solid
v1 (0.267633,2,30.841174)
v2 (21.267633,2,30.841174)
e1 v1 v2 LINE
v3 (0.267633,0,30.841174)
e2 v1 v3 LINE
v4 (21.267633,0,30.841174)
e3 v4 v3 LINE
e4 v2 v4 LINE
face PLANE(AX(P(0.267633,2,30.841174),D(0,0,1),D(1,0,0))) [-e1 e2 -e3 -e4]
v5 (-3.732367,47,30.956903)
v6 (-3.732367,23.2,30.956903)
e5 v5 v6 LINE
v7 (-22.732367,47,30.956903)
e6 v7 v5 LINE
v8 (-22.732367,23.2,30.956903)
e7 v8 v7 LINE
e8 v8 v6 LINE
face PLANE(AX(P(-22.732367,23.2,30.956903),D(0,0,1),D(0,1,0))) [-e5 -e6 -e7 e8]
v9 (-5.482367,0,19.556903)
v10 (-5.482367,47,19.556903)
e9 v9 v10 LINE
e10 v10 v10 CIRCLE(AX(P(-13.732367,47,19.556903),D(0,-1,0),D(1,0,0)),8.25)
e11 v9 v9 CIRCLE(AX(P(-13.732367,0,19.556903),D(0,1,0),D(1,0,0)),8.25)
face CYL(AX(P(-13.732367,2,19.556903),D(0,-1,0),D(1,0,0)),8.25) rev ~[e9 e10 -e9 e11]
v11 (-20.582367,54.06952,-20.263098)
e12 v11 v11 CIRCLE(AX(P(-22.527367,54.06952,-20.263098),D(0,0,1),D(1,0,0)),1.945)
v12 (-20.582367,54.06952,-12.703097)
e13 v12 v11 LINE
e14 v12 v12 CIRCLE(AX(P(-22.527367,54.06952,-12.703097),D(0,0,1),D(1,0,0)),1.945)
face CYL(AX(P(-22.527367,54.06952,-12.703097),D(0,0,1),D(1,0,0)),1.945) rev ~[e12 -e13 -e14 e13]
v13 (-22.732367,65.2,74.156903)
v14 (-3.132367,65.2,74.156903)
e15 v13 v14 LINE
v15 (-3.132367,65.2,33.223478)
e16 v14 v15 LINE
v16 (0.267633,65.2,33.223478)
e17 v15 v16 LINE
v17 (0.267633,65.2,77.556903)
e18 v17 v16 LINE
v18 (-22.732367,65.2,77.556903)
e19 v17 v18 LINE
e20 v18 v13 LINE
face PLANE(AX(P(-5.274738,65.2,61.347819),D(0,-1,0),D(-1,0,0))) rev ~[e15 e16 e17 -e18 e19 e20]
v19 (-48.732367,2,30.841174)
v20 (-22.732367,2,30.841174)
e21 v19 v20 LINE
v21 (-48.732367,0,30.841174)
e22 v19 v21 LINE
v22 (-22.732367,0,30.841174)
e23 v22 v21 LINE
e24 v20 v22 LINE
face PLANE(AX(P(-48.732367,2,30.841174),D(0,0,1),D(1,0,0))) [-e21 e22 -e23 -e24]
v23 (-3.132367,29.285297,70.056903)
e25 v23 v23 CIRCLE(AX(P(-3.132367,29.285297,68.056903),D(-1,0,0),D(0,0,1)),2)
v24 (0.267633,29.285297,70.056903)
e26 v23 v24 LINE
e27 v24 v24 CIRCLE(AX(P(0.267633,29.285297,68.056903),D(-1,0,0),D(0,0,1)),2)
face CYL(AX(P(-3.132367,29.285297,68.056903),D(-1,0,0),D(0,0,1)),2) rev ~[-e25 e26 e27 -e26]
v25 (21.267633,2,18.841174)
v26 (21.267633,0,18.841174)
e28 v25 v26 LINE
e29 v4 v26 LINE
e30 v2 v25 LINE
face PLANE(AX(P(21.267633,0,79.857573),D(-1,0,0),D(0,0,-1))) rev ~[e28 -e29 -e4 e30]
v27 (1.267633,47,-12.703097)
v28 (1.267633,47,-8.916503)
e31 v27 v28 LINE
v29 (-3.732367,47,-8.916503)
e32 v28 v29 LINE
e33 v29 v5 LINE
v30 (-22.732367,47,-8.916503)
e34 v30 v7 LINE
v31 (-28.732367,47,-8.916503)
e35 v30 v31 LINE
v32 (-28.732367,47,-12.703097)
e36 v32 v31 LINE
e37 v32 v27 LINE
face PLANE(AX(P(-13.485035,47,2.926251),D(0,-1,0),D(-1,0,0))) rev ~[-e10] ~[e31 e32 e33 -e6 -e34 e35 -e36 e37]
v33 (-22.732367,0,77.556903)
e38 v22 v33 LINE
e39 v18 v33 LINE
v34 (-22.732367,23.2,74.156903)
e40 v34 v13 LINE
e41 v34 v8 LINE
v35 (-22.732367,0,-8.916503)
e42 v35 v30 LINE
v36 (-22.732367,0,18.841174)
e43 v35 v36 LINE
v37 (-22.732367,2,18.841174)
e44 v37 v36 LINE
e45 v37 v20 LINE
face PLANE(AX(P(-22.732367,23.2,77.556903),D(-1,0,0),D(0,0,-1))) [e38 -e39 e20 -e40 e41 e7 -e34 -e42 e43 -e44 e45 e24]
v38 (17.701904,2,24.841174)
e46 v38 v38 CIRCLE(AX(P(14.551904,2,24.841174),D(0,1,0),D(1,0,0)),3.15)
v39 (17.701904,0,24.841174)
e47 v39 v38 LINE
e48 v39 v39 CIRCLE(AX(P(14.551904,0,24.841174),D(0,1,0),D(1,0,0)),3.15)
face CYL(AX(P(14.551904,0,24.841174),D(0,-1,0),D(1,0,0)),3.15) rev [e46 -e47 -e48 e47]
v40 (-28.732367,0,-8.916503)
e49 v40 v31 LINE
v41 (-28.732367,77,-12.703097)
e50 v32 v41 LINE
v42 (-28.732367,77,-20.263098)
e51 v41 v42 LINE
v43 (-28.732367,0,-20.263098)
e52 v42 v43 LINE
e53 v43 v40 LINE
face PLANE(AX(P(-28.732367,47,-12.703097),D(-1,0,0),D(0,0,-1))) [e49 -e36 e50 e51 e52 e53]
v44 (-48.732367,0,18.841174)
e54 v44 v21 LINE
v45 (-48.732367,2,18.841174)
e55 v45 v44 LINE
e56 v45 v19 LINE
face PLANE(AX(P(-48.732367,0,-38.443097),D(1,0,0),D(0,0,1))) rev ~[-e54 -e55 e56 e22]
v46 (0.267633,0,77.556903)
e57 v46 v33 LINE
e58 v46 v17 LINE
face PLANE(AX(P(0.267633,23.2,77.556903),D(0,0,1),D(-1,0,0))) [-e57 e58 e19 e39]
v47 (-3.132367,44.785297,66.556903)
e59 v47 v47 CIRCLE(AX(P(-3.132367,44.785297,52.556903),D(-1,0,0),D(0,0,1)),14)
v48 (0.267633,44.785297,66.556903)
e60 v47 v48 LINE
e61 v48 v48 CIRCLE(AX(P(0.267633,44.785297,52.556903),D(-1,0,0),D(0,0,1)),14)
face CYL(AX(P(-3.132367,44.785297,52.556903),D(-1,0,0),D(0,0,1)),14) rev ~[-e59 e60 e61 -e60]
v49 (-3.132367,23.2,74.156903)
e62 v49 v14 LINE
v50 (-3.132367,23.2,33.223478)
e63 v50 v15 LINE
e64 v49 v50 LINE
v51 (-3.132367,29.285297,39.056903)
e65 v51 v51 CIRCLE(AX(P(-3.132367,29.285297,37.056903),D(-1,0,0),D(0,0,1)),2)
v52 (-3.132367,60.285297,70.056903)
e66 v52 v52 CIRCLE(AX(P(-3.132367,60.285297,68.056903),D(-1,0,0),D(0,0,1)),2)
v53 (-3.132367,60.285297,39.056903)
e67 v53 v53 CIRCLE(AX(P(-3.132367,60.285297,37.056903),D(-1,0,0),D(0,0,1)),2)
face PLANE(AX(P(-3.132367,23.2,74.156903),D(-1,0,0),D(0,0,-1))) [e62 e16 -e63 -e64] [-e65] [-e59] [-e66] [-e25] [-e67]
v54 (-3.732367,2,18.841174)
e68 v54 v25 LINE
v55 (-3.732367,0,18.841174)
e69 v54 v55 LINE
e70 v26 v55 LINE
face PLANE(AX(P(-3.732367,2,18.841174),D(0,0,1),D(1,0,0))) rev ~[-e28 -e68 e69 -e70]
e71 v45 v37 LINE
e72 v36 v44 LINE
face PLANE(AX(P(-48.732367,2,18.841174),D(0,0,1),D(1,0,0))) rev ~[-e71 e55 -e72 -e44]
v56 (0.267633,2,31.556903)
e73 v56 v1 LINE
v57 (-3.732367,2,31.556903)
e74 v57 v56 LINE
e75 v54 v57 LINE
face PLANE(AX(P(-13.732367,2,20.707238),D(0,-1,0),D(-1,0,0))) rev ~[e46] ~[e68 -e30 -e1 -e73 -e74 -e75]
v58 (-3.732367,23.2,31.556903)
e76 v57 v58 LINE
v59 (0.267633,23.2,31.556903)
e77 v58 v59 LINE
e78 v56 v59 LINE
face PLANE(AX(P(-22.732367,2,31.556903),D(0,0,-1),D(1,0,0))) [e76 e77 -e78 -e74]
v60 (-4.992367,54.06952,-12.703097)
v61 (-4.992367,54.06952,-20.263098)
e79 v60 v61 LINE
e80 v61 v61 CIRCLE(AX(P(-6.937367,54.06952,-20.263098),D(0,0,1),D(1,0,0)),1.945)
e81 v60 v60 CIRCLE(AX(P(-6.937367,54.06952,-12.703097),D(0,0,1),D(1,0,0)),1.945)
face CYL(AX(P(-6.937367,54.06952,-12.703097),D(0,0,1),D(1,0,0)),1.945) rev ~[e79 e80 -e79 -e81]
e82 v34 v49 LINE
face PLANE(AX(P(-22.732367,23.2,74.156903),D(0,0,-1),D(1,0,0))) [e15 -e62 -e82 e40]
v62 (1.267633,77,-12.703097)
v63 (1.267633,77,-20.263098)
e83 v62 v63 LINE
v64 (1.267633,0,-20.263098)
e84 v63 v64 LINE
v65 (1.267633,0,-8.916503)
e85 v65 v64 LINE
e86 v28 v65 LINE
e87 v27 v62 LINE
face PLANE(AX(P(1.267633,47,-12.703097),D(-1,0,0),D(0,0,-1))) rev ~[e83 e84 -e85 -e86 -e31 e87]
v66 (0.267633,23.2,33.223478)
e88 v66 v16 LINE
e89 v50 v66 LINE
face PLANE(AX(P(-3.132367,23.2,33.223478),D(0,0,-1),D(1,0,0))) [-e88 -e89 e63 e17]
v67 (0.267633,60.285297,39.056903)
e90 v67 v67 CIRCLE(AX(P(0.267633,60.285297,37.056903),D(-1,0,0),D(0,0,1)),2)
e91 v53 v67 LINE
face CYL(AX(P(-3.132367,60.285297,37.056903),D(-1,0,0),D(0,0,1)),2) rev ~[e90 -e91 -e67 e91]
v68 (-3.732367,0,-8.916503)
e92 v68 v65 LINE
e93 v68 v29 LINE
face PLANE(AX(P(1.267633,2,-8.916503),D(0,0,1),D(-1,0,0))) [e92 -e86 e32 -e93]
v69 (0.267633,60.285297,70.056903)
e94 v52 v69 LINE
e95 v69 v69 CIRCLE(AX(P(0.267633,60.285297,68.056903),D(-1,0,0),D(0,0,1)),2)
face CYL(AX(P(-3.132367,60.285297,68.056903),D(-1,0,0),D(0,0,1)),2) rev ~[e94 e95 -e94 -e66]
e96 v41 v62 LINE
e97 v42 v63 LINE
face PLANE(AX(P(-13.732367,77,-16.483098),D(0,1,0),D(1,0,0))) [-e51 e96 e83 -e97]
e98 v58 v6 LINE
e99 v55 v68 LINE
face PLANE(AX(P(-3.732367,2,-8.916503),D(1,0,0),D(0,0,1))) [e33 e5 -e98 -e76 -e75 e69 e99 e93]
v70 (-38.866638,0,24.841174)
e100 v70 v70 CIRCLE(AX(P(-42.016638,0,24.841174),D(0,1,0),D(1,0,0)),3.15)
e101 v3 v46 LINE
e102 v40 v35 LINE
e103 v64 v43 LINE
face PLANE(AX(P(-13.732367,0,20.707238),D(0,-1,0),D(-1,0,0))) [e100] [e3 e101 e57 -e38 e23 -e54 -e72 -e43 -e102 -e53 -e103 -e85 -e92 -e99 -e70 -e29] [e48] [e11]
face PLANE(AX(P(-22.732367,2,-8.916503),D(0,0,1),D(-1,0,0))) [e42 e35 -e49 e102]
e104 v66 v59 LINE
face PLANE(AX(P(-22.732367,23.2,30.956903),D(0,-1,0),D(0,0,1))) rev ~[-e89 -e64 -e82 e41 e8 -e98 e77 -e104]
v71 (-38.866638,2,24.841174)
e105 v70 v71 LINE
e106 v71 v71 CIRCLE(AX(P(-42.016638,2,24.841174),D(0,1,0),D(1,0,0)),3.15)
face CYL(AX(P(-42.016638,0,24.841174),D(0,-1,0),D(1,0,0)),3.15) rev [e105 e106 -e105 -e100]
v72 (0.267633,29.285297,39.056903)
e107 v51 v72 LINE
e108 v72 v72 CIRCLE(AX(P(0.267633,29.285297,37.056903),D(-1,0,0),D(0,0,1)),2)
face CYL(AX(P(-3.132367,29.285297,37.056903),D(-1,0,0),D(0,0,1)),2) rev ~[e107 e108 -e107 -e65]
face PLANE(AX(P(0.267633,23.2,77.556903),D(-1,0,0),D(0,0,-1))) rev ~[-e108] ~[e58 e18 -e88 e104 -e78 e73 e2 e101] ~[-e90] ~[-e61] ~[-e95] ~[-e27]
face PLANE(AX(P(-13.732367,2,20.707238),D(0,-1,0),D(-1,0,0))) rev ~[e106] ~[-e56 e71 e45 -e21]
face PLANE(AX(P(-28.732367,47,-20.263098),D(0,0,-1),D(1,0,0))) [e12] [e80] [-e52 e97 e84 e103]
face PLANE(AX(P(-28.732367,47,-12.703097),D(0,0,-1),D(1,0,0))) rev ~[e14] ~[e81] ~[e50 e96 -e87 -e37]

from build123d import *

# Parameters (mm, degrees)
SKETCH1_R           = 3.15
SKETCH1_R_2         = 8.25
BOSS_EXTRUDE1_DEPTH = 2
BOSS_EXTRUDE2_DEPTH = 45
SKETCH3_R           = 8.25
CUT_EXTRUDE1_DEPTH  = 104.812694214
SKETCH4_W           = 30
SKETCH4_H           = 7.560001502
BOSS_EXTRUDE3_DEPTH = 30
SKETCH5_R           = 1.945
CUT_EXTRUDE2_DEPTH  = 130.889649736
CUT_EXTRUDE3_DEPTH  = 120.90444312
SKETCH10_W          = 23
SKETCH10_H          = 46
BOSS_EXTRUDE4_DEPTH = 21.2
SKETCH11_W          = 22.207892016
SKETCH11_H          = 46.715728752
CUT_EXTRUDE4_DEPTH  = 119.384613888
SKETCH12_W          = 0.6
SKETCH12_H          = 23.8
CUT_EXTRUDE5_DEPTH  = 118.813722566
BOSS_EXTRUDE5_DEPTH = 42
SKETCH14_R          = 14
CUT_EXTRUDE6_DEPTH  = 119.420577709
SKETCH15_R          = 2
CUT_EXTRUDE7_DEPTH  = 119.420577709


with BuildPart() as part:
    # Sketch1 → Boss-Extrude1 (new body)
    with BuildSketch(Plane(origin=(0, 0, 0), x_dir=(1, 0, 0), z_dir=(0, 1, 0))):
        Polygon((-48.732366868, 38.443096859), (21.267633132, 38.443096859), (21.267633132, -31.556903141), (21.267633132, -79.857572586), (-48.732366868, -79.857572586), (-48.732366868, -31.556903141), align=None)
        with Locations((-42.016638116, 31.727368106)):
            Circle(SKETCH1_R, mode=Mode.SUBTRACT)
        with Locations((14.551904379, 31.727368106)):
            Circle(SKETCH1_R, mode=Mode.SUBTRACT)
        with Locations((14.551904379, -24.841174389)):
            Circle(SKETCH1_R, mode=Mode.SUBTRACT)
        with Locations((-42.016638116, -24.841174389)):
            Circle(SKETCH1_R, mode=Mode.SUBTRACT)
        with Locations((-13.732366868, -19.556903141)):
            Circle(SKETCH1_R_2, mode=Mode.SUBTRACT)
    extrude(amount=BOSS_EXTRUDE1_DEPTH)

    # Sketch2 → Boss-Extrude2 (add)
    with BuildSketch(Plane(origin=(0, 2, 0), x_dir=(1, 0, 0), z_dir=(0, 1, 0))):
        Polygon((-28.732366868, 20.263098361), (1.267633132, 20.263098361), (1.267633132, 8.916503275), (-3.732366868, 8.916503275), (-3.732366868, -31.556903141), (-22.732366868, -31.556903141), (-22.732366868, 5.987652995), (-22.732366868, 8.916503275), (-28.732366868, 8.916503275), (-28.732366868, 9.103096859), align=None)
    extrude(amount=BOSS_EXTRUDE2_DEPTH)

    # Sketch3 → Cut-Extrude1 (cut, through all)
    with BuildSketch(Plane.XZ.offset(-2)):
        with Locations((-13.732366868, 19.556903141)):
            Circle(SKETCH3_R)
    extrude(amount=-CUT_EXTRUDE1_DEPTH, mode=Mode.SUBTRACT)

    # Sketch4 → Boss-Extrude3 (add)
    with BuildSketch(Plane(origin=(0, 47, 0), x_dir=(1, 0, 0), z_dir=(0, 1, 0))):
        with Locations((-13.732366868, 16.48309761)):
            Rectangle(SKETCH4_W, SKETCH4_H)
    extrude(amount=BOSS_EXTRUDE3_DEPTH)

    # Sketch5 → Cut-Extrude2 (cut, through all)
    with BuildSketch(Plane.XY.offset(-12.703096859)):
        with Locations((-22.527366868, 54.069519899)):
            Circle(SKETCH5_R)
        with Locations((-6.937366868, 54.069519899)):
            Circle(SKETCH5_R)
    extrude(amount=-CUT_EXTRUDE2_DEPTH, mode=Mode.SUBTRACT)

    # Sketch6 → Cut-Extrude3 (cut, through all)
    with BuildSketch(Plane(origin=(0, 2, 0), x_dir=(1, 0, 0), z_dir=(0, 1, 0))):
        Polygon((-48.732366868, -18.841174389), (-22.732366868, -18.841174389), (-22.732366868, 8.916503275), (-28.732366868, 8.916503275), (-28.732366868, 12.703096859), (-28.732366868, 20.263098361), (1.267633132, 20.263098361), (1.267633132, 8.916503275), (-3.732366868, 8.916503275), (-3.732366868, -18.841174389), (21.267633132, -18.841174389), (21.267633132, 38.443096859), (-48.732366868, 38.443096859), align=None)
        Polygon((-48.732366868, -30.841174389), (-44.940258884, -30.841174389), (-44.940258884, -77.556903141), (0.267633132, -77.556903141), (0.267633132, -30.841174389), (21.267633132, -30.841174389), (21.267633132, -79.857572586), (-48.732366868, -79.857572586), align=None)
    extrude(amount=-CUT_EXTRUDE3_DEPTH, mode=Mode.SUBTRACT)

    # Sketch10 → Boss-Extrude4 (add)
    with BuildSketch(Plane(origin=(0, 2, 0), x_dir=(1, 0, 0), z_dir=(0, 1, 0))):
        with Locations((-11.232366868, -54.556903141)):
            Rectangle(SKETCH10_W, SKETCH10_H)
    extrude(amount=BOSS_EXTRUDE4_DEPTH)

    # Sketch11 → Cut-Extrude4 (cut, through all)
    with BuildSketch(Plane(origin=(0, 2, 0), x_dir=(1, 0, 0), z_dir=(0, 1, 0))):
        with Locations((-33.836312876, -54.199038765)):
            Rectangle(SKETCH11_W, SKETCH11_H)
    extrude(amount=-CUT_EXTRUDE4_DEPTH, mode=Mode.SUBTRACT)

    # Sketch12 → Cut-Extrude5 (cut, through all)
    with BuildSketch(Plane.ZY.offset(22.732366868)):
        with Locations((31.256903141, 35.1)):
            Rectangle(SKETCH12_W, SKETCH12_H)
    extrude(amount=-CUT_EXTRUDE5_DEPTH, mode=Mode.SUBTRACT)

    # Sketch13 → Boss-Extrude5 (add)
    with BuildSketch(Plane(origin=(0, 23.2, 0), x_dir=(1, 0, 0), z_dir=(0, 1, 0))):
        Polygon((0.267633132, -77.556903141), (-22.732366868, -77.556903141), (-22.732366868, -74.156903141), (-3.132366868, -74.156903141), (-3.132366868, -33.22347783), (0.267633132, -33.22347783), (0.267633132, -74.156903141), align=None)
    extrude(amount=BOSS_EXTRUDE5_DEPTH)

    # Sketch14 → Cut-Extrude6 (cut, through all)
    with BuildSketch(Plane.ZY.offset(3.132366868)):
        with Locations((52.556903141, 44.785296811)):
            Circle(SKETCH14_R)
    extrude(amount=-CUT_EXTRUDE6_DEPTH, mode=Mode.SUBTRACT)

    # Sketch15 → Cut-Extrude7 (cut, through all)
    with BuildSketch(Plane.ZY.offset(3.132366868)):
        with Locations((68.056903141, 29.285296811)):
            Circle(SKETCH15_R)
        with Locations((37.056903141, 29.285296811)):
            Circle(SKETCH15_R)
        with Locations((37.056903141, 60.285296811)):
            Circle(SKETCH15_R)
        with Locations((68.056903141, 60.285296811)):
            Circle(SKETCH15_R)
    extrude(amount=-CUT_EXTRUDE7_DEPTH, mode=Mode.SUBTRACT)


solid = part.part
